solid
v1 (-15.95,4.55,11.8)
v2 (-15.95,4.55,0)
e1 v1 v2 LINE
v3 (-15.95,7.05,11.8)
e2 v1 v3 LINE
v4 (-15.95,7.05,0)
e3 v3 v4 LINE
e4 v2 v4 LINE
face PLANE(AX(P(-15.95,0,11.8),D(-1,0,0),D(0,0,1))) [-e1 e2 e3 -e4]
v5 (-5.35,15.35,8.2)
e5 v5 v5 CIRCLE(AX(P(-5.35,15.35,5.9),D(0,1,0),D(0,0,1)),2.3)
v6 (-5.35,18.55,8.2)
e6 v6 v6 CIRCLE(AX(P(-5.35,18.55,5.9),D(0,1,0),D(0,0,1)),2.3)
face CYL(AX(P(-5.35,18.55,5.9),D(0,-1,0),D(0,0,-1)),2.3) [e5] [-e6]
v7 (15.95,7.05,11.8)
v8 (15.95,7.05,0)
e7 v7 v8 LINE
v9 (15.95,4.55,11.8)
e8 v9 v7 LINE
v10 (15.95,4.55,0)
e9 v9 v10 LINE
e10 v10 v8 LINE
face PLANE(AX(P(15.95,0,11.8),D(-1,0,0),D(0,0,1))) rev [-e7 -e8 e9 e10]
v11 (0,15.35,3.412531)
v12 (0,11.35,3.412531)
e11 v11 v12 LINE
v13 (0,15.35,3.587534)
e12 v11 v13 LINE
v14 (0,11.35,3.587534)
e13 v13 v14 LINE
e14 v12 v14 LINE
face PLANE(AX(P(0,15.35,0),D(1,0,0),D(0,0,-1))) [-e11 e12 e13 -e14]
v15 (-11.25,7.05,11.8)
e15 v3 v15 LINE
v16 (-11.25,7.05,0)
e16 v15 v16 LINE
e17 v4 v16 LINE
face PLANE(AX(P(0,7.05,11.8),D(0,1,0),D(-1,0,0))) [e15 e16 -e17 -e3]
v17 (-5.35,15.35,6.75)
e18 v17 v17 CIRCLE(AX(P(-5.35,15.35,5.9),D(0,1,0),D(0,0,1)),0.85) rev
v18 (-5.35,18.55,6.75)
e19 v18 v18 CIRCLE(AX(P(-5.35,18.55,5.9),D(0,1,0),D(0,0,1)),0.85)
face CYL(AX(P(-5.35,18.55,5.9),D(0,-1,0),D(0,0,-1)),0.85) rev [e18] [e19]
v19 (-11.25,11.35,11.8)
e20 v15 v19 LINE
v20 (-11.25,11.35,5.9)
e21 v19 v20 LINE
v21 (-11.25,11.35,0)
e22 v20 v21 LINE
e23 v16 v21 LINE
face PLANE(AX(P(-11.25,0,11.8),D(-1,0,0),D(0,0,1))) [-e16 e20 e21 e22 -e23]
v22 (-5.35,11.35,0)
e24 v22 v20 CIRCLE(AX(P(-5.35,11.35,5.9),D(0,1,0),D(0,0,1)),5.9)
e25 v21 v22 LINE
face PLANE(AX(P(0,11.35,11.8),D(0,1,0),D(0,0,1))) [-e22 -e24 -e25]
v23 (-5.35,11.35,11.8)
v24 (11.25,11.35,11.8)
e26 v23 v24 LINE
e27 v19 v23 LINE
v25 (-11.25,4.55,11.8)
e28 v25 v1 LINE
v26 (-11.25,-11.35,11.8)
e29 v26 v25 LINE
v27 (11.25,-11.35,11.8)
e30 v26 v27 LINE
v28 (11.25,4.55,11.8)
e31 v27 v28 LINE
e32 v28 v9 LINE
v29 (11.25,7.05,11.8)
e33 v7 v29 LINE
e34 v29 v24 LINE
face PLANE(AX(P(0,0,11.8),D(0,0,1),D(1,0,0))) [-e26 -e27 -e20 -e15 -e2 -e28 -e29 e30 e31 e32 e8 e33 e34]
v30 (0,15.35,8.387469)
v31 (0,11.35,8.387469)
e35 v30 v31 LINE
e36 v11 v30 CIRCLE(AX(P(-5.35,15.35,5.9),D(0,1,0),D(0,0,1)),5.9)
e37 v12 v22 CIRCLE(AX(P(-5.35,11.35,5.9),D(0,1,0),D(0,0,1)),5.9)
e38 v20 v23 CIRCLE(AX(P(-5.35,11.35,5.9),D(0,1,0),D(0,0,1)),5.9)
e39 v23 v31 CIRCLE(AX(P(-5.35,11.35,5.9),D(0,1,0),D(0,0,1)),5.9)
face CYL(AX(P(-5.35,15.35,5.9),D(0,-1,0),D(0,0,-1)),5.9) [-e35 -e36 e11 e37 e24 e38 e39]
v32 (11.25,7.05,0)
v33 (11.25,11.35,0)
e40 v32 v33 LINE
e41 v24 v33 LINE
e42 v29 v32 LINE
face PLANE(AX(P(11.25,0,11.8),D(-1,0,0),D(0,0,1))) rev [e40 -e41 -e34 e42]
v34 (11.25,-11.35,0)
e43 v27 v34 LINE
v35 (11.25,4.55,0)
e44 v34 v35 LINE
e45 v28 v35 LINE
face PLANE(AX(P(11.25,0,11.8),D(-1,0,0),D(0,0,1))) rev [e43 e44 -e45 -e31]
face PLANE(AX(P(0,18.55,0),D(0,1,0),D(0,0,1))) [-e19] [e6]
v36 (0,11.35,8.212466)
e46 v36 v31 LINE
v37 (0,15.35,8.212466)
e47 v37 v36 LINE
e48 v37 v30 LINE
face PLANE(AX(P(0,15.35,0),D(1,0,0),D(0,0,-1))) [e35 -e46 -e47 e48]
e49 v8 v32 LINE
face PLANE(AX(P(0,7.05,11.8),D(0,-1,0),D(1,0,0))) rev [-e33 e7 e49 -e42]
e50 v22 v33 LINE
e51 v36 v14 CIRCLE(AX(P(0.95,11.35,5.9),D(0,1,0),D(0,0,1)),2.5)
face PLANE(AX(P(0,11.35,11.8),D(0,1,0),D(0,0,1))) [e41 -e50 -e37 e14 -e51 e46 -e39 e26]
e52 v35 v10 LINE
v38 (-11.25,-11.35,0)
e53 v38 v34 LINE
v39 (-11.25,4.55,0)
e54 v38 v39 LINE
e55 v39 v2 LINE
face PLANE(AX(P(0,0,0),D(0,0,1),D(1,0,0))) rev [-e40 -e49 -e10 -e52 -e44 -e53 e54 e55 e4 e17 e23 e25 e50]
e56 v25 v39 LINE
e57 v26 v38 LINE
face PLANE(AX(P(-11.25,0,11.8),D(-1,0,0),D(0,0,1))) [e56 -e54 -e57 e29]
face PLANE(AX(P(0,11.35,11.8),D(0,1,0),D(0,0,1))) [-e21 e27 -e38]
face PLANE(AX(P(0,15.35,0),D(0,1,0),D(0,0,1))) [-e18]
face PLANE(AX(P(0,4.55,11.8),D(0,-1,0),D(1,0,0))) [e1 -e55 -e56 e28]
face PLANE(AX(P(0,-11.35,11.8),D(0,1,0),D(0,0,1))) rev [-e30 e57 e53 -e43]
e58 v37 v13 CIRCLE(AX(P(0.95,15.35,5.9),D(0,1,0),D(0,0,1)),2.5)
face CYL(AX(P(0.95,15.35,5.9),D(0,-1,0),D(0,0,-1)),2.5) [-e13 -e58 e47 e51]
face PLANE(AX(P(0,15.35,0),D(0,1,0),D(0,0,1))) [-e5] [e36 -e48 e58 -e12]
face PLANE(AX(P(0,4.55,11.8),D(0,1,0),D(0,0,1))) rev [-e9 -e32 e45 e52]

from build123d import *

# Parameters (mm, degrees)
CROQUIS1_W              = 4.7
CROQUIS1_H              = 2.5
CROQUIS1_W_2            = 22.5
CROQUIS1_H_2            = 15.9
SALIENTE_EXTRUIR1_DEPTH = 11.8
SALIENTE_EXTRUIR2_DEPTH = 4
SALIENTE_EXTRUIR3_DEPTH = 3.2


with BuildPart() as part:
    # Croquis1 → Saliente-Extruir1 (new body)
    with BuildSketch(Plane.XY):
        with Locations((-13.6, 5.8)):
            Rectangle(CROQUIS1_W, CROQUIS1_H)
        Polygon((-11.25, 7.05), (-11.25, 4.55), (11.25, 4.55), (11.25, 7.05), (11.25, 11.35), (-11.25, 11.35), align=None)
        with Locations((0, -3.4)):
            Rectangle(CROQUIS1_W_2, CROQUIS1_H_2)
        with Locations((13.6, 5.8)):
            Rectangle(CROQUIS1_W, CROQUIS1_H)
    extrude(amount=SALIENTE_EXTRUIR1_DEPTH)

    # Croquis3 → Saliente-Extruir2 (add)
    with BuildSketch(Plane(origin=(0, 11.35, 0), x_dir=(1, 0, 0), z_dir=(0, 1, 0))):
        with BuildLine():
            ThreePointArc((0.066666667, -3.561256273), (0.427903311, -4.705917367), (0.55, -5.9))
            Line((0.55, -5.9), (3.45, -5.9))
            ThreePointArc((3.45, -5.9), (2.371560176, -3.84350622), (0.066666667, -3.561256273))
        make_face()
        with BuildLine():
            Line((3.45, -5.9), (0.55, -5.9))
            ThreePointArc((0.55, -5.9), (0.427903311, -7.094082633), (0.066666667, -8.238743727))
            ThreePointArc((0.066666667, -8.238743727), (2.371560176, -7.95649378), (3.45, -5.9))
        make_face()
        with BuildLine():
            Line((0, -8.212466216), (0, -5.9))
            Line((0, -5.9), (-1.55, -5.9))
            ThreePointArc((-1.55, -5.9), (-1.126655966, -7.291941091), (0, -8.212466216))
        make_face()
        with BuildLine():
            Line((-1.55, -5.9), (0, -5.9))
            Line((0, -5.9), (0, -3.587533784))
            ThreePointArc((0, -3.587533784), (-1.126655966, -4.508058909), (-1.55, -5.9))
        make_face()
        with BuildLine():
            ThreePointArc((0.066666667, -8.238743727), (0.427903311, -7.094082633), (0.55, -5.9))
            Line((0.55, -5.9), (0, -5.9))
            Line((0, -5.9), (0, -8.212466216))
            ThreePointArc((0, -8.212466216), (0.033239178, -8.225843846), (0.066666667, -8.238743727))
        make_face()
        with BuildLine():
            Line((0, -5.9), (0.55, -5.9))
            ThreePointArc((0.55, -5.9), (0.427903311, -4.705917367), (0.066666667, -3.561256273))
            ThreePointArc((0.066666667, -3.561256273), (0.033239178, -3.574156154), (0, -3.587533784))
            Line((0, -3.587533784), (0, -5.9))
        make_face()
        with BuildLine():
            ThreePointArc((0, -8.212466216), (-1.126655966, -7.291941091), (-1.55, -5.9))
            Line((-1.55, -5.9), (-11.25, -5.9))
            ThreePointArc((-11.25, -5.9), (-6.62377392, -11.660859311), (0, -8.387468593))
            Line((0, -8.387468593), (0, -8.212466216))
        make_face()
        with BuildLine():
            Line((-11.25, -5.9), (-1.55, -5.9))
            ThreePointArc((-1.55, -5.9), (-1.126655966, -4.508058909), (0, -3.587533784))
            Line((0, -3.587533784), (0, -3.412531407))
            ThreePointArc((0, -3.412531407), (-6.62377392, -0.139140689), (-11.25, -5.9))
        make_face()
    extrude(amount=SALIENTE_EXTRUIR2_DEPTH)

    # Croquis4 → Saliente-Extruir3 (add)
    with BuildSketch(Plane(origin=(0, 15.35, 0), x_dir=(1, 0, 0), z_dir=(0, 1, 0))):
        with BuildLine():
            ThreePointArc((-6.2, -5.9), (-5.35, -5.05), (-4.5, -5.9))
            Line((-4.5, -5.9), (-3.05, -5.9))
            ThreePointArc((-3.05, -5.9), (-5.35, -3.6), (-7.65, -5.9))
            Line((-7.65, -5.9), (-6.2, -5.9))
        make_face()
        with BuildLine():
            Line((-3.05, -5.9), (-4.5, -5.9))
            ThreePointArc((-4.5, -5.9), (-5.35, -6.75), (-6.2, -5.9))
            Line((-6.2, -5.9), (-7.65, -5.9))
            ThreePointArc((-7.65, -5.9), (-5.35, -8.2), (-3.05, -5.9))
        make_face()
    extrude(amount=SALIENTE_EXTRUIR3_DEPTH)


solid = part.part
